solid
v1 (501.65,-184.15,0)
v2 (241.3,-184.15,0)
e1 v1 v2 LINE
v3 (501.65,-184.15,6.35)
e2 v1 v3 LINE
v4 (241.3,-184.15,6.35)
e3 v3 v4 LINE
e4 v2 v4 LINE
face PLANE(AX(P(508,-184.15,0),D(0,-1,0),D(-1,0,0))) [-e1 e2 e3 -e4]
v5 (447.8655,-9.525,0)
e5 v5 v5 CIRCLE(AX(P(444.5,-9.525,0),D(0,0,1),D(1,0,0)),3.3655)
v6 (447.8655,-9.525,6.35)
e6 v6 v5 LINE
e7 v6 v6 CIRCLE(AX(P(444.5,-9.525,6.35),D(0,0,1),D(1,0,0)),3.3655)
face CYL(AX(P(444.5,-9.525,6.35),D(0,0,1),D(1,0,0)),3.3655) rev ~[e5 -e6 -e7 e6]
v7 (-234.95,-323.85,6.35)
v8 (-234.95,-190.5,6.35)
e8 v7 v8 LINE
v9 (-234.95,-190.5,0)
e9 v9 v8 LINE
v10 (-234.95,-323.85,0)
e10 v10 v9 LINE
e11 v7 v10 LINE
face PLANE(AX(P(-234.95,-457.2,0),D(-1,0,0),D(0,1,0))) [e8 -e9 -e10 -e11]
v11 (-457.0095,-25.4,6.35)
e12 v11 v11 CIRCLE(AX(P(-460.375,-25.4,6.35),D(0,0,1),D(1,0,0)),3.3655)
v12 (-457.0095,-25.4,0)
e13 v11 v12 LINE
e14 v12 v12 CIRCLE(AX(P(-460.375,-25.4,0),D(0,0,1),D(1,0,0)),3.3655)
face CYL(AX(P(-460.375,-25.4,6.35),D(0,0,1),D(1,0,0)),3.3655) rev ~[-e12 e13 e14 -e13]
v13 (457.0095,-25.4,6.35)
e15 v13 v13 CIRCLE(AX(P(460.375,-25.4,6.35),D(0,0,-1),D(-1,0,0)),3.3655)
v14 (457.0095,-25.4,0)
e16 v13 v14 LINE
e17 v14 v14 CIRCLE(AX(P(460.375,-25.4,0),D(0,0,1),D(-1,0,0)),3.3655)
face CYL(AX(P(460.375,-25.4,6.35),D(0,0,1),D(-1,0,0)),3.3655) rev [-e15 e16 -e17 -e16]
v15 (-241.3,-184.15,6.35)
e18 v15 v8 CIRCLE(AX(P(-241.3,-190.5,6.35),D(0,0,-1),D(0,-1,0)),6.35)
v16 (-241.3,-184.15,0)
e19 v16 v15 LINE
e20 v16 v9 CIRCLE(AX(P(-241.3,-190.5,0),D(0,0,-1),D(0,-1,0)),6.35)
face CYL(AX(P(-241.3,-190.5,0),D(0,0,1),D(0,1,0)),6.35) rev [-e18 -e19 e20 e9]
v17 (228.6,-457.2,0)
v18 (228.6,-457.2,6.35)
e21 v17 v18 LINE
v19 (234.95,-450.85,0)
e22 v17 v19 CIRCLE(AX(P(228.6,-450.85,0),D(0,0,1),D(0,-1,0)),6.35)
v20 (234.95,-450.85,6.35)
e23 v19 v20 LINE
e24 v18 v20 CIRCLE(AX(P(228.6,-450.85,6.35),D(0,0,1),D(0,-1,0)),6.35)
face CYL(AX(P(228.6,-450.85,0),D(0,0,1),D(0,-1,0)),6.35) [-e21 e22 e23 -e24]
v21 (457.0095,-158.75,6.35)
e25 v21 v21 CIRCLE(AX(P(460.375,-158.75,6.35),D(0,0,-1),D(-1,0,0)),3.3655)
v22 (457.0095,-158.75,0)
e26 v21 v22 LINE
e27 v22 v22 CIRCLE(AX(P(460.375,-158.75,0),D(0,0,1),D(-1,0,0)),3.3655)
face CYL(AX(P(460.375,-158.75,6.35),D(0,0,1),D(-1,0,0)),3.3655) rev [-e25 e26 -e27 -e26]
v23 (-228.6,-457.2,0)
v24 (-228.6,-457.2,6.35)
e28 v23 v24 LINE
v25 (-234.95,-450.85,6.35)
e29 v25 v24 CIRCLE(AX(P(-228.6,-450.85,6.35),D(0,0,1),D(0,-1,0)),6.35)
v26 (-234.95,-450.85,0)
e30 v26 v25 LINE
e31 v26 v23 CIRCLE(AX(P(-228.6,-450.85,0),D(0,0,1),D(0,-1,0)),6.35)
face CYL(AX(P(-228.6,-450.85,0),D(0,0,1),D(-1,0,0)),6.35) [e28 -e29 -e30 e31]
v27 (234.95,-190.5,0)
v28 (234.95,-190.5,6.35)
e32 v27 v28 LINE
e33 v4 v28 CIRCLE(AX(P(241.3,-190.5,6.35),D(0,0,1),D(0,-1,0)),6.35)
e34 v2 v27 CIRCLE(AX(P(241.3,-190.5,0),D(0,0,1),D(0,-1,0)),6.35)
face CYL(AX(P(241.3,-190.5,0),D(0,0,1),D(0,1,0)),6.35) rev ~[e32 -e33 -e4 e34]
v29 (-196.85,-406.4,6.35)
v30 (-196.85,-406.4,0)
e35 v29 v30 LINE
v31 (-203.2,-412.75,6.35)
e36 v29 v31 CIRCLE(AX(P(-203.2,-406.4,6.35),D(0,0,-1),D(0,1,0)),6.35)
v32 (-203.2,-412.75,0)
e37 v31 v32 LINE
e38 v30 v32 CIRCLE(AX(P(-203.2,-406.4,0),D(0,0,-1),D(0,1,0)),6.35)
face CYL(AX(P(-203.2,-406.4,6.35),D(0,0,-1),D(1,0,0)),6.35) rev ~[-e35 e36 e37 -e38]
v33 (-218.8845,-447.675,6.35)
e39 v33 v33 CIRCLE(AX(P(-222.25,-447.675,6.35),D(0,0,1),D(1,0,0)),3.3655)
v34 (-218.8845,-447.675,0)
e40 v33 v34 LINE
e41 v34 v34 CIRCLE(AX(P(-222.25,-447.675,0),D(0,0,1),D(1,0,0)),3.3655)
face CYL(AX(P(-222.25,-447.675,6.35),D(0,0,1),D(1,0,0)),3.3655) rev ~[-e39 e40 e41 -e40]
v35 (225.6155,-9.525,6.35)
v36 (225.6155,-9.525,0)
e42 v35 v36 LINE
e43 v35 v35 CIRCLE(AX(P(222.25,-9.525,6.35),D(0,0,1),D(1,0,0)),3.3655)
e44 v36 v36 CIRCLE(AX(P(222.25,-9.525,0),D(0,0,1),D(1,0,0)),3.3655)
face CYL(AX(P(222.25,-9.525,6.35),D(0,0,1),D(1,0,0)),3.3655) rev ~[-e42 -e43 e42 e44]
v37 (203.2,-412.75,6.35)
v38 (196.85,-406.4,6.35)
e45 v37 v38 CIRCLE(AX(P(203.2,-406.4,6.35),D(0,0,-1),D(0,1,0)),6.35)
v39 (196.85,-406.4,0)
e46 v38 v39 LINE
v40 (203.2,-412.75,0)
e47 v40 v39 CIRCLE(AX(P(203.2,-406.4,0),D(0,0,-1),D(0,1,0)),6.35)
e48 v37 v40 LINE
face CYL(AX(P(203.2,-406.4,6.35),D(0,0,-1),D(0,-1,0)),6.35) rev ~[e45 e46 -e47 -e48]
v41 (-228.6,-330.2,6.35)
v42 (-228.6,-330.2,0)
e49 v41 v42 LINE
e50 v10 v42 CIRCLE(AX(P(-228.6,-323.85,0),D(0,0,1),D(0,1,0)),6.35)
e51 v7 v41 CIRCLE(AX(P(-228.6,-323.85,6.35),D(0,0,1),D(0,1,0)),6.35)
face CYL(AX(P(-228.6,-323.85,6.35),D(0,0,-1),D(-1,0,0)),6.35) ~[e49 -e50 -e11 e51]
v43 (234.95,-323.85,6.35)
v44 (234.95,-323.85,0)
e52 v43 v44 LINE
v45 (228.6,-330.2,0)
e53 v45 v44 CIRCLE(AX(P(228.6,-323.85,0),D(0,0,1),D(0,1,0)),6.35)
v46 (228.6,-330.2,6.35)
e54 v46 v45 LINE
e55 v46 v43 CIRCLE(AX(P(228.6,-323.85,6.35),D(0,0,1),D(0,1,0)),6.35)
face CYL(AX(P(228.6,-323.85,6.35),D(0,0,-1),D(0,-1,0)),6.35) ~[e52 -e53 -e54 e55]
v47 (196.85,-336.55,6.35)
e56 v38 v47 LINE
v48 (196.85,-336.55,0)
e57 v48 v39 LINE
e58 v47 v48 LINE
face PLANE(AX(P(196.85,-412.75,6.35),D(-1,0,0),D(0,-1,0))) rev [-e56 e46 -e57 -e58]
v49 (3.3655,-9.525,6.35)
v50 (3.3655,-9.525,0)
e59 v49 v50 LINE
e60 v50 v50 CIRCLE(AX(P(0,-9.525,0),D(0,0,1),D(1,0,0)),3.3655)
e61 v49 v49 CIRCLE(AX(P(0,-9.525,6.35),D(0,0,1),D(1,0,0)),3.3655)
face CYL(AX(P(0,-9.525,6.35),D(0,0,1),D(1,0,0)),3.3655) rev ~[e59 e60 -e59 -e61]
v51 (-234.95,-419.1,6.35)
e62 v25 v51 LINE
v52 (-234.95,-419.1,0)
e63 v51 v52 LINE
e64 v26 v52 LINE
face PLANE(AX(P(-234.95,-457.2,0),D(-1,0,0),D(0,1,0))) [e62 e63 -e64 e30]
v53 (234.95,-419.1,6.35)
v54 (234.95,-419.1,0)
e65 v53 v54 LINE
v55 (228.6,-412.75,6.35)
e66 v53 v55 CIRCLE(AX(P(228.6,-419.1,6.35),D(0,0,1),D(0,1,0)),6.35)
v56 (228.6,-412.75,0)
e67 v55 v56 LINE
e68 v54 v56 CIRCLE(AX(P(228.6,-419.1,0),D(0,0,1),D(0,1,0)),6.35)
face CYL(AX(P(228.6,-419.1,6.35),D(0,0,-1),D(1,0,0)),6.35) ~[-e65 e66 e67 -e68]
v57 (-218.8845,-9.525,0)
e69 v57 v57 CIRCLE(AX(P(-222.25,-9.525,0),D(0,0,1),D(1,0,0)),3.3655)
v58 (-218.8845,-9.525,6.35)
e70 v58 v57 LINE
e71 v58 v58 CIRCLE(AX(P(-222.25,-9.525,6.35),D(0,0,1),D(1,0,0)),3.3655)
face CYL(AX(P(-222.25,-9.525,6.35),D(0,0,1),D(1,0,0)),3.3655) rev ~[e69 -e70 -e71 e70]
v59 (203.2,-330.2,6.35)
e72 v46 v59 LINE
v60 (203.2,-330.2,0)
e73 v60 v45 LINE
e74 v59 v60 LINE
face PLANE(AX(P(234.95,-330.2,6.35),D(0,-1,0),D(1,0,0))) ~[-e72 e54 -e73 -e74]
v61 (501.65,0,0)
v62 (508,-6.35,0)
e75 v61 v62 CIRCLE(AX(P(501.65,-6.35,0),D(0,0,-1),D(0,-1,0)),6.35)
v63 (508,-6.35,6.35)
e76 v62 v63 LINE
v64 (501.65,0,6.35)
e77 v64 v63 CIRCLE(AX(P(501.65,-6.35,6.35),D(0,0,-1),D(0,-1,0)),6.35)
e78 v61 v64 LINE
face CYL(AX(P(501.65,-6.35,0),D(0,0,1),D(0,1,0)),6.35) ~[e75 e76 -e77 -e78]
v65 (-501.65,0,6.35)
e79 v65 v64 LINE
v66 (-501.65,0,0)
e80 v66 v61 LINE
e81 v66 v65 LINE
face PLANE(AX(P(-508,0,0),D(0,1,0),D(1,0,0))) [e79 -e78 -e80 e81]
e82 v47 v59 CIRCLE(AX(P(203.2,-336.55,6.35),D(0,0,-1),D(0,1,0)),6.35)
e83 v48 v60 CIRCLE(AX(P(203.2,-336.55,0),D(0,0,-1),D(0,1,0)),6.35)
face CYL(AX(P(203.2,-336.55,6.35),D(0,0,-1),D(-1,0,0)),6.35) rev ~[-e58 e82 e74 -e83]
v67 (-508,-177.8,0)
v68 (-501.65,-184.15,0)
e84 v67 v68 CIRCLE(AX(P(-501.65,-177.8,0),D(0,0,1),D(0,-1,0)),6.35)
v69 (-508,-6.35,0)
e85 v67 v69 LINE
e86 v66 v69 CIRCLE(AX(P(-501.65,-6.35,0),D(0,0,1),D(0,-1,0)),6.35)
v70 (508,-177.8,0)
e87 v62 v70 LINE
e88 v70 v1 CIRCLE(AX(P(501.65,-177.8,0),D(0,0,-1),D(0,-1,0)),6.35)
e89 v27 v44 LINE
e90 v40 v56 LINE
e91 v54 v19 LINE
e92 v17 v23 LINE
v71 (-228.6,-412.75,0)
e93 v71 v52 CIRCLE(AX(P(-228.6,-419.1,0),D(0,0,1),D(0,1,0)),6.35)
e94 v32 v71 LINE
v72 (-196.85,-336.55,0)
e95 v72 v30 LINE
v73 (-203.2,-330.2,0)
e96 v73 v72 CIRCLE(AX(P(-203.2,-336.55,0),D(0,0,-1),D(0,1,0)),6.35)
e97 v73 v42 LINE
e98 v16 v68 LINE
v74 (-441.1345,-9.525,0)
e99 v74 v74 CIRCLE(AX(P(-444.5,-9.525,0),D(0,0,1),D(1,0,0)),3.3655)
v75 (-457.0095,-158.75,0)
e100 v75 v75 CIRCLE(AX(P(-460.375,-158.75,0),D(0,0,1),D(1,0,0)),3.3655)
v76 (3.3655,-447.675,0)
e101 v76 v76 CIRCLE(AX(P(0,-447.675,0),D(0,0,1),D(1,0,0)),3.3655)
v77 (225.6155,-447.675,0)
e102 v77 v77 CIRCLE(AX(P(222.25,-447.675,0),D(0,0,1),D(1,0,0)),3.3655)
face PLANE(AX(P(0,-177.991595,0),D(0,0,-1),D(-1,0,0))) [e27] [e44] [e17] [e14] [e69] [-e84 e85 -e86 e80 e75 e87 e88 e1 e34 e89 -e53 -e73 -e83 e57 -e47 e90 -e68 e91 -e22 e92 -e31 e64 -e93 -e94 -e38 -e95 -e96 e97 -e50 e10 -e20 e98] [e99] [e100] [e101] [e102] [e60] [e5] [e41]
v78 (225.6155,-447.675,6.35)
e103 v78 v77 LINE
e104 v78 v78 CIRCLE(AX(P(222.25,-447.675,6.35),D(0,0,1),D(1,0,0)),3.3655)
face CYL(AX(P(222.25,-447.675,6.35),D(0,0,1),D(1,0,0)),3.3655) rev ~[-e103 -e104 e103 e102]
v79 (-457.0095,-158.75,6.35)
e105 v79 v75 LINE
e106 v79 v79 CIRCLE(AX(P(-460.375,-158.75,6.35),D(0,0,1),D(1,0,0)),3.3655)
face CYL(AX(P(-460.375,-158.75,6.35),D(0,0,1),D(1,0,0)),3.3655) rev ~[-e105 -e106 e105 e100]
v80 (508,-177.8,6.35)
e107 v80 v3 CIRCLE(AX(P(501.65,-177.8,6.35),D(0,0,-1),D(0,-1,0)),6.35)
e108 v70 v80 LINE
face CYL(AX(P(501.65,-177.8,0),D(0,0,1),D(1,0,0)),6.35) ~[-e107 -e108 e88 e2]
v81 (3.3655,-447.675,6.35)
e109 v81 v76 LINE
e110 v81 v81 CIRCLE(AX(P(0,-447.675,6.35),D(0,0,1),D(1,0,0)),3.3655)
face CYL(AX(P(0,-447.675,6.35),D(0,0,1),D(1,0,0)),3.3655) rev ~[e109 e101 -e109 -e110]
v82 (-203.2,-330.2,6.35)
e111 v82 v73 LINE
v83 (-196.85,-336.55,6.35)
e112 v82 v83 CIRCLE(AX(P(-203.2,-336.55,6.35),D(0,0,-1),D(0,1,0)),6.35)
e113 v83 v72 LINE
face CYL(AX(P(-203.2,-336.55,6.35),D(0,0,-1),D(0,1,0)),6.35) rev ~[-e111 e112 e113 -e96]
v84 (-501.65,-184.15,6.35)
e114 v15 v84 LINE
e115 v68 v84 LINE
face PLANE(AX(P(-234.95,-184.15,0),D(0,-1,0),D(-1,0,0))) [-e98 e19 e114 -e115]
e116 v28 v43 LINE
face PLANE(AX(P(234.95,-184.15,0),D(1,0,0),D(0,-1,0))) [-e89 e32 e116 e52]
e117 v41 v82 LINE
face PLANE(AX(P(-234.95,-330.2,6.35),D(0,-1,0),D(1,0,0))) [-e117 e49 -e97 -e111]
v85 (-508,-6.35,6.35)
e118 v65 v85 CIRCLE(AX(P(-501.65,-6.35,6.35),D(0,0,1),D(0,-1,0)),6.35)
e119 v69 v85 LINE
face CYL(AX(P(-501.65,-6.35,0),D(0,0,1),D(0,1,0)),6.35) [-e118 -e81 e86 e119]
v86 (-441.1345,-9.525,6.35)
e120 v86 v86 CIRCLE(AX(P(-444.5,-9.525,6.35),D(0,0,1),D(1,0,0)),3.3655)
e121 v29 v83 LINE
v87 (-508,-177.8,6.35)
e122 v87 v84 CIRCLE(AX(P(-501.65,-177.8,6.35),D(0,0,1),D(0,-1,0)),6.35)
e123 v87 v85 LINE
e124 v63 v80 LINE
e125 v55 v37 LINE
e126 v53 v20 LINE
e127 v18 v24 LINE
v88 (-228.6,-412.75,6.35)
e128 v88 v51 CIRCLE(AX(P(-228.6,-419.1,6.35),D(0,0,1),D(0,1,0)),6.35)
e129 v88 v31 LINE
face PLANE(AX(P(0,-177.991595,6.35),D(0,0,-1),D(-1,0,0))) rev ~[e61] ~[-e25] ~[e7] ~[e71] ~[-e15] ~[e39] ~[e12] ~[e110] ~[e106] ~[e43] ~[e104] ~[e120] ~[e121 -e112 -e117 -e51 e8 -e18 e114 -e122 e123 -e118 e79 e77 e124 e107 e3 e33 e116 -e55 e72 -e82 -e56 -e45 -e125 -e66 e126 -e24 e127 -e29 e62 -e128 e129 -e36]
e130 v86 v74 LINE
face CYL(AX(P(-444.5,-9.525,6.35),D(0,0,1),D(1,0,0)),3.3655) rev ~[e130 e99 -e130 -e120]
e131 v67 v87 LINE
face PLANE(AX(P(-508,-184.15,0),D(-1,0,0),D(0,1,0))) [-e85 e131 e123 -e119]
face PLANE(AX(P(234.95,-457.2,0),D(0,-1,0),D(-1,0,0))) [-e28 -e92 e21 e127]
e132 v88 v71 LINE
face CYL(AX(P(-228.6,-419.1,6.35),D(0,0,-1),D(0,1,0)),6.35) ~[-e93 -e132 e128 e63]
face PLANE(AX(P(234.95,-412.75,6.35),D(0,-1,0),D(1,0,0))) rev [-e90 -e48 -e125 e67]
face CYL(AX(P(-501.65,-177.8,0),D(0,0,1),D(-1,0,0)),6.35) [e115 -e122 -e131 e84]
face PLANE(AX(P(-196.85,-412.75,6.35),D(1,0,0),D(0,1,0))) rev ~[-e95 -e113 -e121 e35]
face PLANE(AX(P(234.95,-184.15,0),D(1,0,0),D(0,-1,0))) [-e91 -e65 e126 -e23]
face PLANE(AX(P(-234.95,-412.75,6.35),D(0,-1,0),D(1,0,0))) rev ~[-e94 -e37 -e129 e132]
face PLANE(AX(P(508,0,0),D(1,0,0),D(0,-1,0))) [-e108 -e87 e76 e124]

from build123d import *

# Parameters (mm, degrees)
BOSS_EXTRUDE1_DEPTH = 6.35
SKETCH2_R           = 3.3655
CUT_EXTRUDE1_DEPTH  = 7.35
SKETCH3_R           = 3.3655
CUT_EXTRUDE2_DEPTH  = 7.35
SKETCH5_W           = 38.1
SKETCH5_H           = 82.55
CUT_EXTRUDE3_DEPTH  = 7.35
FILLET1_R           = 6.35


with BuildPart() as part:
    # Sketch1 → Boss-Extrude1 (new body)
    with BuildSketch(Plane.XY):
        Polygon((-508, 0), (508, 0), (508, -184.15), (234.95, -184.15), (234.95, -457.2), (-234.95, -457.2), (-234.95, -184.15), (-508, -184.15), align=None)
    extrude(amount=BOSS_EXTRUDE1_DEPTH)

    # Sketch2 → Cut-Extrude1 (cut, through all)
    with BuildSketch(Plane.XY.offset(6.35)):
        with Locations((0, -9.525)):
            Circle(SKETCH2_R)
        with Locations((0, -447.675)):
            Circle(SKETCH2_R)
        with Locations((222.25, -9.525)):
            Circle(SKETCH2_R)
        with Locations((222.25, -447.675)):
            Circle(SKETCH2_R)
        with Locations((444.5, -9.525)):
            Circle(SKETCH2_R)
        with Locations((-222.25, -9.525)):
            Circle(SKETCH2_R)
        with Locations((-222.25, -447.675)):
            Circle(SKETCH2_R)
        with Locations((-444.5, -9.525)):
            Circle(SKETCH2_R)
    extrude(amount=-CUT_EXTRUDE1_DEPTH, mode=Mode.SUBTRACT)

    # Sketch3 → Cut-Extrude2 (cut, through all)
    with BuildSketch(Plane.XY.offset(6.35)):
        with Locations((-460.375, -25.4)):
            Circle(SKETCH3_R)
        with Locations((-460.375, -158.75)):
            Circle(SKETCH3_R)
    cut_extrude2 = extrude(amount=-CUT_EXTRUDE2_DEPTH, mode=Mode.SUBTRACT)

    # Mirror1: Cut-Extrude2 across plane
    add(cut_extrude2.mirror(Plane(origin=(0, 0, 0), x_dir=(0, 0, 1), z_dir=(1, 0, 0))), mode=Mode.SUBTRACT)

    # Sketch5 → Cut-Extrude3 (cut, through all)
    with BuildSketch(Plane.XY.offset(6.35)):
        with Locations((-215.9, -371.475)):
            Rectangle(SKETCH5_W, SKETCH5_H)
    cut_extrude3 = extrude(amount=-CUT_EXTRUDE3_DEPTH, mode=Mode.SUBTRACT)

    # Mirror2: Cut-Extrude3 across plane
    add(cut_extrude3.mirror(Plane(origin=(0, 0, 0), x_dir=(0, 0, 1), z_dir=(1, 0, 0))), mode=Mode.SUBTRACT)

    # Fillet1
    fillet1_edges = [part.edges().sort_by_distance(p)[0] for p in [
        (234.95, -330.2, 3.175),
        (234.95, -412.75, 3.175),
        (196.85, -412.75, 3.175),
        (196.85, -330.2, 3.175),
        (-508, 0, 3.175),
        (508, 0, 3.175),
        (508, -184.15, 3.175),
        (234.95, -184.15, 3.175),
        (234.95, -457.2, 3.175),
        (-234.95, -457.2, 3.175),
        (-234.95, -184.15, 3.175),
        (-508, -184.15, 3.175),
        (-234.95, -412.75, 3.175),
        (-234.95, -330.2, 3.175),
        (-196.85, -330.2, 3.175),
        (-196.85, -412.75, 3.175),
    ]]
    fillet(fillet1_edges, radius=FILLET1_R)


solid = part.part
